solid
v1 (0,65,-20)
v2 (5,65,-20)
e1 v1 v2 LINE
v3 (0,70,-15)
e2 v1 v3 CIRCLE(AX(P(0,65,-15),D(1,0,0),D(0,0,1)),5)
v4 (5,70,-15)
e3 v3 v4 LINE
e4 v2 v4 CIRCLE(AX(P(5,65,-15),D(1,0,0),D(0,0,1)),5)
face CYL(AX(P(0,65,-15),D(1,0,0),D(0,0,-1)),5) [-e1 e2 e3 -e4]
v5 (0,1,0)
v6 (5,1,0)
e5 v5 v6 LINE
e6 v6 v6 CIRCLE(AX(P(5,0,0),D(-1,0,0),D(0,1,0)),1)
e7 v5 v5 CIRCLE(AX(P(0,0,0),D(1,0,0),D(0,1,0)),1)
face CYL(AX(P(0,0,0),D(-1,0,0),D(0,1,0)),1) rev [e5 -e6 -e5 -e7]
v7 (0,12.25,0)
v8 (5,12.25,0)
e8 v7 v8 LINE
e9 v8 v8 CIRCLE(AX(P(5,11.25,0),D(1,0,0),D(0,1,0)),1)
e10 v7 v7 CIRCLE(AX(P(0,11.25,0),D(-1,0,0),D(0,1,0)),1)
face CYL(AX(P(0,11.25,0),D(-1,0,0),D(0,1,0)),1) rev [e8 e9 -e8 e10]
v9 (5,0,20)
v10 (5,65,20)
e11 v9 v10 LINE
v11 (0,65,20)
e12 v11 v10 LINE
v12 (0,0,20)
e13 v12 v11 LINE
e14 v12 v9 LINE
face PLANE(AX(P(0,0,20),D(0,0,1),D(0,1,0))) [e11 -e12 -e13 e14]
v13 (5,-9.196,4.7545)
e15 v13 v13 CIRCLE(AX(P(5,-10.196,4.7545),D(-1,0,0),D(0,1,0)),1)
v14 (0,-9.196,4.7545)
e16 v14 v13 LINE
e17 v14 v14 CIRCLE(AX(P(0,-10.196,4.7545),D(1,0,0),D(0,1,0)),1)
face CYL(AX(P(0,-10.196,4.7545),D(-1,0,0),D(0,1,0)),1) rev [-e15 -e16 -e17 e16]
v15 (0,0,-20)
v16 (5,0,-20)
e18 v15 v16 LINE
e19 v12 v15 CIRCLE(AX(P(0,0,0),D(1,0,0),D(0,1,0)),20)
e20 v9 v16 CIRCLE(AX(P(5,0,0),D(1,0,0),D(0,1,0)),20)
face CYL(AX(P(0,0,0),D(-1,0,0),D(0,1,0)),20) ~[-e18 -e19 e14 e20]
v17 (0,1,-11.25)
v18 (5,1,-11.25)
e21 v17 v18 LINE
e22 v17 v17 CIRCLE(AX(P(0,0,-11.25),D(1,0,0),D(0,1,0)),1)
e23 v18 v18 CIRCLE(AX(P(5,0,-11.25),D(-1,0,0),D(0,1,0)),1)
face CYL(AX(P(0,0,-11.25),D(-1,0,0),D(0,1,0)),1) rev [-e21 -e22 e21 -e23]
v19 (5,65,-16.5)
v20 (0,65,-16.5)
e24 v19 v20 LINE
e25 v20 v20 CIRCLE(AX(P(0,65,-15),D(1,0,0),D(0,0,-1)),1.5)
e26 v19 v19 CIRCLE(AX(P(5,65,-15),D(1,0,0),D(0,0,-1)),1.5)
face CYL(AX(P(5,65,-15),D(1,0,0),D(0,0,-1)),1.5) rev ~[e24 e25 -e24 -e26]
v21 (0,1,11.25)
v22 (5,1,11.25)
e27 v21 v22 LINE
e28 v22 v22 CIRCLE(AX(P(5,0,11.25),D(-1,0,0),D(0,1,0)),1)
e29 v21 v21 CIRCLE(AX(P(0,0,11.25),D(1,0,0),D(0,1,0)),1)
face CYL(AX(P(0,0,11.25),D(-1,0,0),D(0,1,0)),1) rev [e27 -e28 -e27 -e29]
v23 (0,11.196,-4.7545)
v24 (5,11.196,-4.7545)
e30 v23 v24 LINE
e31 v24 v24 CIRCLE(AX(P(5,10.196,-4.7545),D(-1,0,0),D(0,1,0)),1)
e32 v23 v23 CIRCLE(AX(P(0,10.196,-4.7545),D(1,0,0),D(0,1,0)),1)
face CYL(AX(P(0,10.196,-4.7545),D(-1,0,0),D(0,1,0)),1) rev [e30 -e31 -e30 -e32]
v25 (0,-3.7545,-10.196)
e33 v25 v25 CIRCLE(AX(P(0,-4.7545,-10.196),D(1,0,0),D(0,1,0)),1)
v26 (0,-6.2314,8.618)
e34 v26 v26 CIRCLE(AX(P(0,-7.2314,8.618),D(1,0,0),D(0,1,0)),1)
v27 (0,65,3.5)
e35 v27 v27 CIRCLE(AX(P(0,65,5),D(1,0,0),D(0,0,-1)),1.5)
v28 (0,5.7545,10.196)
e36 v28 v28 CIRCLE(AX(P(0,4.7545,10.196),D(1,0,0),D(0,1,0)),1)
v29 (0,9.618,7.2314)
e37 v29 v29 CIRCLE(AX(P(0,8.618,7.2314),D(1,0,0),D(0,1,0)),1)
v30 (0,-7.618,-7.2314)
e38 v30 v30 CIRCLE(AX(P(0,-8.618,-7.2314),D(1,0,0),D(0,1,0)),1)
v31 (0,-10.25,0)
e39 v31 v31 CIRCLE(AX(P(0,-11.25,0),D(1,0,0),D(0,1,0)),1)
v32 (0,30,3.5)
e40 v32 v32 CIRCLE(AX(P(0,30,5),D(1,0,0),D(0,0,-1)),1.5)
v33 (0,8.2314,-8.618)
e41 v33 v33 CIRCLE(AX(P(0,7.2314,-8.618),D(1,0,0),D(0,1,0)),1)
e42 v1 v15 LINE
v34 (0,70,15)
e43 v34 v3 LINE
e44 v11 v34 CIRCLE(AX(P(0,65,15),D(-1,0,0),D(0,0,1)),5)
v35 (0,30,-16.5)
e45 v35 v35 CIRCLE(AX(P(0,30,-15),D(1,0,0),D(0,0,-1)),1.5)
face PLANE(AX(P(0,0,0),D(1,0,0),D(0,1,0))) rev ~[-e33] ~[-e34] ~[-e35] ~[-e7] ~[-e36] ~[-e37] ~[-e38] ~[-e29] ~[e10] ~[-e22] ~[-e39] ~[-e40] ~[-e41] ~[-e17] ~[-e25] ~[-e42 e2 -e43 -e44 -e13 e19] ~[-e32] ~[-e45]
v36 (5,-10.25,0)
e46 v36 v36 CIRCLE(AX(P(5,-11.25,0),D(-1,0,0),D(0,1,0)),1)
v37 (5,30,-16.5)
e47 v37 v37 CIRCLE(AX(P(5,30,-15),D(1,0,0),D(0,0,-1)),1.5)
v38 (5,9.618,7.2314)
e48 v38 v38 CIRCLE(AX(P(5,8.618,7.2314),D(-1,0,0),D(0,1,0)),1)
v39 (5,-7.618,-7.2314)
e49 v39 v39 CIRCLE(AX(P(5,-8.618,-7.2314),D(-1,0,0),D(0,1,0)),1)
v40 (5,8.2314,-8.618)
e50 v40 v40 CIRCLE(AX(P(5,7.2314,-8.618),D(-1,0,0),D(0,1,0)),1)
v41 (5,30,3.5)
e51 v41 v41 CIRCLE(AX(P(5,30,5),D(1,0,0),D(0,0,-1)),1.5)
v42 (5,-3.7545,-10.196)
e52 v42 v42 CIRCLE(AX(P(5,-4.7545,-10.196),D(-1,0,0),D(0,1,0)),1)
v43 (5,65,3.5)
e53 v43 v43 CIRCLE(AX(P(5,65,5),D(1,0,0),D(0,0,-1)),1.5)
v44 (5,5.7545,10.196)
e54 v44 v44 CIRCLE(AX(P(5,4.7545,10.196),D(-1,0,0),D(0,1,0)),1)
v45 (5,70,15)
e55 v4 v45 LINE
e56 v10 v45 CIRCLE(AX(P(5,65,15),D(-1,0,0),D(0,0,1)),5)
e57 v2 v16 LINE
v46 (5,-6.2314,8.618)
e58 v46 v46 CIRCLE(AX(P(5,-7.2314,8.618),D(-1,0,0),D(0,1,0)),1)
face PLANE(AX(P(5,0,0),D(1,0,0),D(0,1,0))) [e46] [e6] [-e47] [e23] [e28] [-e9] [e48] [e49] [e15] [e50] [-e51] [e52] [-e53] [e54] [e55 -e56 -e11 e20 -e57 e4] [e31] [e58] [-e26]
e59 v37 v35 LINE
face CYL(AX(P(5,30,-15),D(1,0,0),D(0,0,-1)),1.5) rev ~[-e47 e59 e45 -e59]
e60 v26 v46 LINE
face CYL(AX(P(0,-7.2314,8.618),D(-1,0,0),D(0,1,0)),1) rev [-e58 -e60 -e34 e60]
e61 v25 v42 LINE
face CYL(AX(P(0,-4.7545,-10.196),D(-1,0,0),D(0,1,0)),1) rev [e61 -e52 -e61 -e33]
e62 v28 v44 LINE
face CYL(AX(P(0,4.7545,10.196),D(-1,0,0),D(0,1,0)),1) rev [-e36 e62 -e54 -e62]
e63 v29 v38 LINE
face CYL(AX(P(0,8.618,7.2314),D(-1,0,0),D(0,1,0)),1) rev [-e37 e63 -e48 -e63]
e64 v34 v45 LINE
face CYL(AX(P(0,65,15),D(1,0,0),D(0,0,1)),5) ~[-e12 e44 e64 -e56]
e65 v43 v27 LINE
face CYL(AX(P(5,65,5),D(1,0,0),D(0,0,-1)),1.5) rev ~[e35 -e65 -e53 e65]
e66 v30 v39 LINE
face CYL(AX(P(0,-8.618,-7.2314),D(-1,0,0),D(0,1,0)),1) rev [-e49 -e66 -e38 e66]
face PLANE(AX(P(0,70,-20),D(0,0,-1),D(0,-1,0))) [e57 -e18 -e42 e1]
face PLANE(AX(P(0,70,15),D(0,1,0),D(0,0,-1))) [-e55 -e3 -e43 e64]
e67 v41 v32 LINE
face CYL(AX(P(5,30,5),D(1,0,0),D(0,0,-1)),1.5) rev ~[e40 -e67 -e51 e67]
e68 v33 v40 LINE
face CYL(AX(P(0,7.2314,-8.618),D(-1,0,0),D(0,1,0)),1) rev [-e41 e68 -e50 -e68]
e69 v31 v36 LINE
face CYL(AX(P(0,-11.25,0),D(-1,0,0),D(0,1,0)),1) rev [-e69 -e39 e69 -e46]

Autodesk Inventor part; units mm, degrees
ref_plane "YZ Plane" through (0, 0, 0) normal (1, 0, 0) x (0, 1, 0)
ref_plane "XZ Plane" through (0, 0, 0) normal (0, 1, 0) x (-1, 0, 0)
ref_plane "XY Plane" through (0, 0, 0) normal (0, 0, 1) x (1, 0, 0)
sketch "Sketch2" plane through (0, 0, 0) normal (1, 0, 0) x (0, 1, 0)
  circle A0 centre (0, 0) radius 11.25
  circle A1 centre (11.25, 0) radius 1
  circle A2 centre (0, 11.25) radius 1
  circle A3 centre (-11.25, 0) radius 1
  circle A4 centre (0, -11.25) radius 1
  circle A5 centre (7.2314, -8.618) radius 1
  line L0 (0, 0) -> (7.2314, -8.618)
  line L1 (0, 0) -> (11.25, 0)
  circle A6 centre (8.618, 7.2314) radius 1
  circle A7 centre (-7.2314, 8.618) radius 1
  circle A8 centre (-8.618, -7.2314) radius 1
  circle A9 centre (10.196, -4.7545) radius 1
  line L2 (0, 0) -> (10.196, -4.7545)
  circle A10 centre (4.7545, 10.196) radius 1
  circle A11 centre (-10.196, 4.7545) radius 1
  circle A12 centre (-4.7545, -10.196) radius 1
  circle A13 centre (0, 0) radius 20
  line L3 (0, 20) -> (70, 20)
  line L4 (70, 20) -> (70, -20)
  line L5 (70, -20) -> (0, -20)
  line L6 (0, -20) -> (0, 20)
  line L7 (70, 20) -> (0, 20)
  line L8 (0, 20) -> (0, 15)
  line L9 (0, 15) -> (70, 15)
  line L10 (70, 15) -> (70, 20)
  circle A14 centre (0, 0) radius 1
  point P0 (13.2288, 15)
  dimension "d0" = 22.5
  dimension "d1" = 2
  dimension "d4" = 360
  dimension "d6" = 2
  dimension "d7" = 50
  dimension "d10" = 360
  dimension "d12" = 2
  dimension "d13" = 25
  dimension "d16" = 360
  dimension "d18" = 40
  dimension "d19" = 70
  dimension "d20" = 5
  dimension "d21" = 2
extrude "Extrusion1" add sketch "Sketch2" along normal blind 5 contours A1 L1 A14 L6 A2 A0 A10 A6 | A0 A6 A10 A2 L6 L9 A13 A4 A5 A9 A1 | A0 A9 L2 A14 L1 A1 | A9 A0 A5 L0 A14 L2 | A14 L6 A4 A0 A12 A8 A3 A11 A7 A2 | L0 A5 A0 A4 L6 A14 | A0 A7 A11 A3 A8 A12 A4 L6 A13 A2 | L6 A13 L9 | A13 L9 L4 L5 | L3 L4 L9 A13
sketch "Sketch3" plane through (5, 0, 0) normal (1, 0, 0) x (0, 0, -1)
  circle A0 centre (-5, 65) radius 1.5
  line L0 (20, 70) -> (-20, 70) projected
  line L1 (-20, 70) -> (-20, 0) projected
  circle A1 centre (15, 65) radius 1.5
  circle A2 centre (-5, 30) radius 1.5
  circle A3 centre (15, 30) radius 1.5
  point P0 (0, 0)
  dimension "d24" = 5
  dimension "d25" = 15
  dimension "d26" = 3
  dimension "d29" = 20
  dimension "d32" = 35
extrude "Extrusion2" cut sketch "Sketch3" against normal blind 5
fillet "Fillet1" radius 5 2 edges at (2.5, 70, 20) (2.5, 70, -20)
properties part number "StereoVisionHolder_2"
